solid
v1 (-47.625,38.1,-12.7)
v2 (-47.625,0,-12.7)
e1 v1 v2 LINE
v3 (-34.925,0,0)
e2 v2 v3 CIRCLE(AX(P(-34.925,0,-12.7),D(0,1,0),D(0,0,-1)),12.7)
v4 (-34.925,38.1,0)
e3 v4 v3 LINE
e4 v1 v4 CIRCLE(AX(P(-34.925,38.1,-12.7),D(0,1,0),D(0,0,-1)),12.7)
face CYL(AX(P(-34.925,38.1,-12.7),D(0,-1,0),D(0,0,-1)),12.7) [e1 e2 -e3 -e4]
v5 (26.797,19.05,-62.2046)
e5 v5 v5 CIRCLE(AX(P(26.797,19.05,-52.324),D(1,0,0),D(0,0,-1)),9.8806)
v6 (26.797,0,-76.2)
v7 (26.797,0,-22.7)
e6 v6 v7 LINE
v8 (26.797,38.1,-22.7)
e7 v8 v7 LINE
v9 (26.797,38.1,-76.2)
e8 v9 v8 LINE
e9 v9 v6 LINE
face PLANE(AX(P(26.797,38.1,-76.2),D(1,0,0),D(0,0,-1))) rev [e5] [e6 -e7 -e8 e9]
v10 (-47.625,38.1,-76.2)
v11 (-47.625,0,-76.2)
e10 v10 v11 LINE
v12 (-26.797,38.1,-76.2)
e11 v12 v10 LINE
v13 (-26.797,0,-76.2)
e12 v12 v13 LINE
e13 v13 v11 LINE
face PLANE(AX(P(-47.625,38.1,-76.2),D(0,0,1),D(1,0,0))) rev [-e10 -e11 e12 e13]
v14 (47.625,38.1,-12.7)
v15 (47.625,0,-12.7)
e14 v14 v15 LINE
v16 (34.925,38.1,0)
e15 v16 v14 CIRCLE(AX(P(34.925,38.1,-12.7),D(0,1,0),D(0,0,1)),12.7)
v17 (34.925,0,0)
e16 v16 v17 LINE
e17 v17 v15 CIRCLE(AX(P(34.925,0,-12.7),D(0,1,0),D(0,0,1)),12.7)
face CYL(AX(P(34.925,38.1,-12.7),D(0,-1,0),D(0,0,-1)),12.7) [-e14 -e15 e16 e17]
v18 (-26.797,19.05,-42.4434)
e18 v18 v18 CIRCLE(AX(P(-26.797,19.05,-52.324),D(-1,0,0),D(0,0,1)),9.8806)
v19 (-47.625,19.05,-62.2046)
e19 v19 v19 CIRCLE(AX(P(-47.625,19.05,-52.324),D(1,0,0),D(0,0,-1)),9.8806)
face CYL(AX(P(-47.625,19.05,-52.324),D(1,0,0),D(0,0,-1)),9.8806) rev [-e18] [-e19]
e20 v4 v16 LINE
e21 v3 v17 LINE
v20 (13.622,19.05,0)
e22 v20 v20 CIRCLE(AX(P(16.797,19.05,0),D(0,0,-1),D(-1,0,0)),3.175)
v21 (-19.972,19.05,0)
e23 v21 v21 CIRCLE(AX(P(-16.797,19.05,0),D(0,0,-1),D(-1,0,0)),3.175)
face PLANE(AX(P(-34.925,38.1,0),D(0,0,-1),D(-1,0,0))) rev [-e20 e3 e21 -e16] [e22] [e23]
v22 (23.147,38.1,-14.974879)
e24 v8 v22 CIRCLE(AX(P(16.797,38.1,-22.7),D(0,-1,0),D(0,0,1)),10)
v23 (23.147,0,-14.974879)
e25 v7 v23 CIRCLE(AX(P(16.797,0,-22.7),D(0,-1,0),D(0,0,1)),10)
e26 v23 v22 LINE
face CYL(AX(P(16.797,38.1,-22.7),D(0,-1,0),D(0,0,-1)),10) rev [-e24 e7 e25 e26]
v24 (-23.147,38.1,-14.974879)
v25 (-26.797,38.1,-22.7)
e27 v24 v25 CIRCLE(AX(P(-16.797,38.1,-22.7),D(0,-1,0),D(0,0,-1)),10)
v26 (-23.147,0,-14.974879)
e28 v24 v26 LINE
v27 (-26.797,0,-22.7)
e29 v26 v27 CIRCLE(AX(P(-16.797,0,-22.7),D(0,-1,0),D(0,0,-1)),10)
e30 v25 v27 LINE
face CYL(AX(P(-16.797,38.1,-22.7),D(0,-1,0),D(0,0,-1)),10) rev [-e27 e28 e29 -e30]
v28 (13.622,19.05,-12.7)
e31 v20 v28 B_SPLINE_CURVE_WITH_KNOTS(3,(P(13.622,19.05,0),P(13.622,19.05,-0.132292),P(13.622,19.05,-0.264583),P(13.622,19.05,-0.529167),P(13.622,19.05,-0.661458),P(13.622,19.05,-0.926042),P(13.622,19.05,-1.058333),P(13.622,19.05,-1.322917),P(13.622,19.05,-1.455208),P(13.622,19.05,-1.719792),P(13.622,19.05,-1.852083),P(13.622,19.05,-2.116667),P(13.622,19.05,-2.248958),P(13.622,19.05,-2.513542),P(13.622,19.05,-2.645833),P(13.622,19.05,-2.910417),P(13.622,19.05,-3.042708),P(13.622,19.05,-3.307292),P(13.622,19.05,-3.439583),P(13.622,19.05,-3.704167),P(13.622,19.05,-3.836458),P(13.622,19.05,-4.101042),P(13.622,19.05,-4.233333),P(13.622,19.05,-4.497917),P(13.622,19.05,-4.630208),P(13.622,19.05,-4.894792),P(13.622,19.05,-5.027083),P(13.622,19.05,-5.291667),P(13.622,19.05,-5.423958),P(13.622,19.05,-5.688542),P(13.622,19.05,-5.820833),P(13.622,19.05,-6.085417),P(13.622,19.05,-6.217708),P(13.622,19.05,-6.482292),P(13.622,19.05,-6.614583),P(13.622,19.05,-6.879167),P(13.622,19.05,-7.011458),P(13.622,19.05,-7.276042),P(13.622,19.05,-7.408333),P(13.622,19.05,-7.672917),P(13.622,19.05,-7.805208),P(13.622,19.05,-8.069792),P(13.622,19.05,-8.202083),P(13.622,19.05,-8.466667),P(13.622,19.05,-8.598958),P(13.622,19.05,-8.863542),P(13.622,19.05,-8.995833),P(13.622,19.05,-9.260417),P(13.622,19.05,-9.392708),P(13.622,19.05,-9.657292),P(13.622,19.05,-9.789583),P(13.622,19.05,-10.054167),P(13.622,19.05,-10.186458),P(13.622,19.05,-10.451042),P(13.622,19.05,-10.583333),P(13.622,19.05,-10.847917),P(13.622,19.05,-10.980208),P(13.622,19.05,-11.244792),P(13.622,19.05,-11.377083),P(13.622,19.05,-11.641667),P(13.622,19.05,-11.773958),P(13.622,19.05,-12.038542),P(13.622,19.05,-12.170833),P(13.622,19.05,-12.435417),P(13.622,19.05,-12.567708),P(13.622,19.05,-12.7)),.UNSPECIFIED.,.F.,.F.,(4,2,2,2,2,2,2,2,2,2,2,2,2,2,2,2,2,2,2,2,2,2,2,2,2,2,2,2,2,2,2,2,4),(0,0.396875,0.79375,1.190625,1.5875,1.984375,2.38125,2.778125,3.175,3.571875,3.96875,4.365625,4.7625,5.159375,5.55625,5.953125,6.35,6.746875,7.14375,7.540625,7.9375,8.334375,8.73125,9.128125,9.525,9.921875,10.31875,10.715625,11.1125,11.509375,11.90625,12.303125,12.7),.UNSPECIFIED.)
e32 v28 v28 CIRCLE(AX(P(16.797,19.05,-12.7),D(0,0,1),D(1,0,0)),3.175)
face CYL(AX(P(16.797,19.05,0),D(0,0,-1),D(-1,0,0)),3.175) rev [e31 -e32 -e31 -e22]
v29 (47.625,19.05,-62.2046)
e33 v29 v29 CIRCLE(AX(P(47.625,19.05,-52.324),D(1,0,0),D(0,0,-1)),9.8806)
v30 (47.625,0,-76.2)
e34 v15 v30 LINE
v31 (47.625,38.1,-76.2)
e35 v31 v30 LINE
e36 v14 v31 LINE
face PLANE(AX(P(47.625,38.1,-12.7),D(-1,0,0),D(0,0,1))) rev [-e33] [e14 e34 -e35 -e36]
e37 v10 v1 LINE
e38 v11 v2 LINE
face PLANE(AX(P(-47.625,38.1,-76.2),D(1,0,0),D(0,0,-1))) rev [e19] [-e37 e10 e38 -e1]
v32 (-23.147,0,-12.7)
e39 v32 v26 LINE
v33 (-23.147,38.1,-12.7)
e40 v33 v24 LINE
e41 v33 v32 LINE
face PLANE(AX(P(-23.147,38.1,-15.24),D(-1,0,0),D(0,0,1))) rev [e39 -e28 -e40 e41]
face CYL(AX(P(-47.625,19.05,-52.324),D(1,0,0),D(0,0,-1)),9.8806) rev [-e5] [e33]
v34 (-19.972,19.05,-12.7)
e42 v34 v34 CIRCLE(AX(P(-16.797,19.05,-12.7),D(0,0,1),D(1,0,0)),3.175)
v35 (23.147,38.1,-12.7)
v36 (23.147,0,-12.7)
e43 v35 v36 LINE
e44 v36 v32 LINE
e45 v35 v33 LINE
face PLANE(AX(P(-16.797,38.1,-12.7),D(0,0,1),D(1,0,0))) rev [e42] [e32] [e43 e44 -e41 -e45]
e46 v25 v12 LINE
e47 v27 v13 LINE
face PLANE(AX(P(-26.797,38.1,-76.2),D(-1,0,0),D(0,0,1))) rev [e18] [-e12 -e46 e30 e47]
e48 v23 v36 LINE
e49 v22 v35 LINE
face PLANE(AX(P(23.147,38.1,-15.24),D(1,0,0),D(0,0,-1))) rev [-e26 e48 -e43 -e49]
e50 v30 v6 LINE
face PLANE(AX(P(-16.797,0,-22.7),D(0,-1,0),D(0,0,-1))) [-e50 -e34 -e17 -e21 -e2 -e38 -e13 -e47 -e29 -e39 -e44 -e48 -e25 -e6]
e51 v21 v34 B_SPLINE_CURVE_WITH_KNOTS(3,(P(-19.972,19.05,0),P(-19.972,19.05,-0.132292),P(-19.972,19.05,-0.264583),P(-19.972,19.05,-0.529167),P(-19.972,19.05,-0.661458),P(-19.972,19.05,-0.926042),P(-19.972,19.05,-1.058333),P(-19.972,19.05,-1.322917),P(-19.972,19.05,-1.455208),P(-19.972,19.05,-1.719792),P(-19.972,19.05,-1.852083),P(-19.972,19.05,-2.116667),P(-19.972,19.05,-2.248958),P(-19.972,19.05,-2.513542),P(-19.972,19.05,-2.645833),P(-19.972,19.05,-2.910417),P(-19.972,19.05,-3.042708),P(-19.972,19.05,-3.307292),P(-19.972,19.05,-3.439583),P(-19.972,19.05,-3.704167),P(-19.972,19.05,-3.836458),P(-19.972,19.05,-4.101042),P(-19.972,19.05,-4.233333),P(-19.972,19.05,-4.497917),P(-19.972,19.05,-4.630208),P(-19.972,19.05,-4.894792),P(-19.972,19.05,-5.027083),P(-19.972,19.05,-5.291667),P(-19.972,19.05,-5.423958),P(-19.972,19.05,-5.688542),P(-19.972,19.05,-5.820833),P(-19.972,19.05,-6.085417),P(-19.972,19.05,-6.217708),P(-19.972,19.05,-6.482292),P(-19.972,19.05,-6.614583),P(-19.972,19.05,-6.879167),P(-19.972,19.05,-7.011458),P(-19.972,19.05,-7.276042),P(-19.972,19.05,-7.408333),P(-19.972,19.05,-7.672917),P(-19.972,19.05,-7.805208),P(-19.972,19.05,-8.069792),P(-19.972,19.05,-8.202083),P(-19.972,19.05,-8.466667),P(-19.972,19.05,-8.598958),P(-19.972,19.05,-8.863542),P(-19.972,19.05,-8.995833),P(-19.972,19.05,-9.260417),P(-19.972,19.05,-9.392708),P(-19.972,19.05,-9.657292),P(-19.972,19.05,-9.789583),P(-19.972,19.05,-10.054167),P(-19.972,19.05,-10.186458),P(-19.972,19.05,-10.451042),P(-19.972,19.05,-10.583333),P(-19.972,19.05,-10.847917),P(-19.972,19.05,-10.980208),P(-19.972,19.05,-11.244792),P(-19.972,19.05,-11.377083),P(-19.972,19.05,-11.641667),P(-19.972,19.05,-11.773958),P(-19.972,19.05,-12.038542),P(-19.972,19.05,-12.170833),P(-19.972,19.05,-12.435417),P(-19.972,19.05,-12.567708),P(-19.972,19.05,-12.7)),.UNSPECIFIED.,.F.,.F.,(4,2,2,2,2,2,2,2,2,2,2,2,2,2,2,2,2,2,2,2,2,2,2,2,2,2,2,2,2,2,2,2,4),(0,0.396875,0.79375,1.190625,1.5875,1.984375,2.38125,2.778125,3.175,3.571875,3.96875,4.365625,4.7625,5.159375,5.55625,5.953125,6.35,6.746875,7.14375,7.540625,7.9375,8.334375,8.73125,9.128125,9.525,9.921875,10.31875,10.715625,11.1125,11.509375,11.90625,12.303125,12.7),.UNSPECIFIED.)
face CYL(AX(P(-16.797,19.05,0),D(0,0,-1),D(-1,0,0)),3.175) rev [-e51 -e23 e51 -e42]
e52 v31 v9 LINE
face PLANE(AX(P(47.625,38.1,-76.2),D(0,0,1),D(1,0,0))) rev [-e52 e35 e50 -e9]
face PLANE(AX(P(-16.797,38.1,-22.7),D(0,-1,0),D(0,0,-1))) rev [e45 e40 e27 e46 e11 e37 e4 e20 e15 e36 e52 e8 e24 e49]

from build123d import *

# Parameters (mm, degrees)
BOSS_EXTRUDE1_DEPTH     = 38.1
SKETCH2_R               = 9.8806
CUT_EXTRUDE1_DEPTH      = 128.791284914
CUT_EXTRUDE2_DEPTH      = 89.045446362
CUT_EXTRUDE2_DEPTH_BACK = 89.045446362
SKETCH3_R               = 3.175
SKETCH4_W               = 46.294
SKETCH4_H               = 2.54
CUT_EXTRUDE3_DEPTH      = 98.602206085


with BuildPart() as part:
    # Sketch1 → Boss-Extrude1 (new body)
    with BuildSketch(Plane(origin=(0, 0, 0), x_dir=(1, 0, 0), z_dir=(0, 1, 0))):
        with BuildLine():
            Line((-47.625, 76.2), (-47.625, 12.7))
            ThreePointArc((-47.625, 12.7), (-43.905256121, 3.719743879), (-34.925, 0))
            Line((-34.925, 0), (34.925, 0))
            ThreePointArc((34.925, 0), (43.905256121, 3.719743879), (47.625, 12.7))
            Line((47.625, 12.7), (47.625, 76.2))
            Line((47.625, 76.2), (26.797, 76.2))
            Line((26.797, 76.2), (26.797, 22.7))
            ThreePointArc((26.797, 22.7), (23.868067812, 15.628932188), (16.797, 12.7))
            Line((16.797, 12.7), (-16.797, 12.7))
            ThreePointArc((-16.797, 12.7), (-23.868067812, 15.628932188), (-26.797, 22.7))
            Line((-26.797, 22.7), (-26.797, 76.2))
            Line((-26.797, 76.2), (-47.625, 76.2))
        make_face()
    extrude(amount=BOSS_EXTRUDE1_DEPTH)

    # Sketch2 → Cut-Extrude1 (cut, through all)
    with BuildSketch(Plane(origin=(47.625, 0, 0), x_dir=(0, 0, -1), z_dir=(1, 0, 0))):
        with Locations((52.324, 19.05)):
            Circle(SKETCH2_R)
    extrude(amount=-CUT_EXTRUDE1_DEPTH, mode=Mode.SUBTRACT)

    # Sketch3 → Cut-Extrude2 (cut, two sides: drawn at the far end of the back side and taken through both)
    with BuildSketch(Plane(origin=(0, 0, -12.7), x_dir=(-1, 0, 0), z_dir=(0, 0, -1)).offset(-CUT_EXTRUDE2_DEPTH_BACK)):
        with Locations((-16.797, 19.05)):
            Circle(SKETCH3_R)
        with Locations((16.797, 19.05)):
            Circle(SKETCH3_R)
    extrude(amount=CUT_EXTRUDE2_DEPTH + CUT_EXTRUDE2_DEPTH_BACK, mode=Mode.SUBTRACT)

    # Sketch4 → Cut-Extrude3 (cut, through all)
    with BuildSketch(Plane.XZ):
        with Locations((0, -13.97)):
            Rectangle(SKETCH4_W, SKETCH4_H)
    extrude(amount=-CUT_EXTRUDE3_DEPTH, mode=Mode.SUBTRACT)


solid = part.part
